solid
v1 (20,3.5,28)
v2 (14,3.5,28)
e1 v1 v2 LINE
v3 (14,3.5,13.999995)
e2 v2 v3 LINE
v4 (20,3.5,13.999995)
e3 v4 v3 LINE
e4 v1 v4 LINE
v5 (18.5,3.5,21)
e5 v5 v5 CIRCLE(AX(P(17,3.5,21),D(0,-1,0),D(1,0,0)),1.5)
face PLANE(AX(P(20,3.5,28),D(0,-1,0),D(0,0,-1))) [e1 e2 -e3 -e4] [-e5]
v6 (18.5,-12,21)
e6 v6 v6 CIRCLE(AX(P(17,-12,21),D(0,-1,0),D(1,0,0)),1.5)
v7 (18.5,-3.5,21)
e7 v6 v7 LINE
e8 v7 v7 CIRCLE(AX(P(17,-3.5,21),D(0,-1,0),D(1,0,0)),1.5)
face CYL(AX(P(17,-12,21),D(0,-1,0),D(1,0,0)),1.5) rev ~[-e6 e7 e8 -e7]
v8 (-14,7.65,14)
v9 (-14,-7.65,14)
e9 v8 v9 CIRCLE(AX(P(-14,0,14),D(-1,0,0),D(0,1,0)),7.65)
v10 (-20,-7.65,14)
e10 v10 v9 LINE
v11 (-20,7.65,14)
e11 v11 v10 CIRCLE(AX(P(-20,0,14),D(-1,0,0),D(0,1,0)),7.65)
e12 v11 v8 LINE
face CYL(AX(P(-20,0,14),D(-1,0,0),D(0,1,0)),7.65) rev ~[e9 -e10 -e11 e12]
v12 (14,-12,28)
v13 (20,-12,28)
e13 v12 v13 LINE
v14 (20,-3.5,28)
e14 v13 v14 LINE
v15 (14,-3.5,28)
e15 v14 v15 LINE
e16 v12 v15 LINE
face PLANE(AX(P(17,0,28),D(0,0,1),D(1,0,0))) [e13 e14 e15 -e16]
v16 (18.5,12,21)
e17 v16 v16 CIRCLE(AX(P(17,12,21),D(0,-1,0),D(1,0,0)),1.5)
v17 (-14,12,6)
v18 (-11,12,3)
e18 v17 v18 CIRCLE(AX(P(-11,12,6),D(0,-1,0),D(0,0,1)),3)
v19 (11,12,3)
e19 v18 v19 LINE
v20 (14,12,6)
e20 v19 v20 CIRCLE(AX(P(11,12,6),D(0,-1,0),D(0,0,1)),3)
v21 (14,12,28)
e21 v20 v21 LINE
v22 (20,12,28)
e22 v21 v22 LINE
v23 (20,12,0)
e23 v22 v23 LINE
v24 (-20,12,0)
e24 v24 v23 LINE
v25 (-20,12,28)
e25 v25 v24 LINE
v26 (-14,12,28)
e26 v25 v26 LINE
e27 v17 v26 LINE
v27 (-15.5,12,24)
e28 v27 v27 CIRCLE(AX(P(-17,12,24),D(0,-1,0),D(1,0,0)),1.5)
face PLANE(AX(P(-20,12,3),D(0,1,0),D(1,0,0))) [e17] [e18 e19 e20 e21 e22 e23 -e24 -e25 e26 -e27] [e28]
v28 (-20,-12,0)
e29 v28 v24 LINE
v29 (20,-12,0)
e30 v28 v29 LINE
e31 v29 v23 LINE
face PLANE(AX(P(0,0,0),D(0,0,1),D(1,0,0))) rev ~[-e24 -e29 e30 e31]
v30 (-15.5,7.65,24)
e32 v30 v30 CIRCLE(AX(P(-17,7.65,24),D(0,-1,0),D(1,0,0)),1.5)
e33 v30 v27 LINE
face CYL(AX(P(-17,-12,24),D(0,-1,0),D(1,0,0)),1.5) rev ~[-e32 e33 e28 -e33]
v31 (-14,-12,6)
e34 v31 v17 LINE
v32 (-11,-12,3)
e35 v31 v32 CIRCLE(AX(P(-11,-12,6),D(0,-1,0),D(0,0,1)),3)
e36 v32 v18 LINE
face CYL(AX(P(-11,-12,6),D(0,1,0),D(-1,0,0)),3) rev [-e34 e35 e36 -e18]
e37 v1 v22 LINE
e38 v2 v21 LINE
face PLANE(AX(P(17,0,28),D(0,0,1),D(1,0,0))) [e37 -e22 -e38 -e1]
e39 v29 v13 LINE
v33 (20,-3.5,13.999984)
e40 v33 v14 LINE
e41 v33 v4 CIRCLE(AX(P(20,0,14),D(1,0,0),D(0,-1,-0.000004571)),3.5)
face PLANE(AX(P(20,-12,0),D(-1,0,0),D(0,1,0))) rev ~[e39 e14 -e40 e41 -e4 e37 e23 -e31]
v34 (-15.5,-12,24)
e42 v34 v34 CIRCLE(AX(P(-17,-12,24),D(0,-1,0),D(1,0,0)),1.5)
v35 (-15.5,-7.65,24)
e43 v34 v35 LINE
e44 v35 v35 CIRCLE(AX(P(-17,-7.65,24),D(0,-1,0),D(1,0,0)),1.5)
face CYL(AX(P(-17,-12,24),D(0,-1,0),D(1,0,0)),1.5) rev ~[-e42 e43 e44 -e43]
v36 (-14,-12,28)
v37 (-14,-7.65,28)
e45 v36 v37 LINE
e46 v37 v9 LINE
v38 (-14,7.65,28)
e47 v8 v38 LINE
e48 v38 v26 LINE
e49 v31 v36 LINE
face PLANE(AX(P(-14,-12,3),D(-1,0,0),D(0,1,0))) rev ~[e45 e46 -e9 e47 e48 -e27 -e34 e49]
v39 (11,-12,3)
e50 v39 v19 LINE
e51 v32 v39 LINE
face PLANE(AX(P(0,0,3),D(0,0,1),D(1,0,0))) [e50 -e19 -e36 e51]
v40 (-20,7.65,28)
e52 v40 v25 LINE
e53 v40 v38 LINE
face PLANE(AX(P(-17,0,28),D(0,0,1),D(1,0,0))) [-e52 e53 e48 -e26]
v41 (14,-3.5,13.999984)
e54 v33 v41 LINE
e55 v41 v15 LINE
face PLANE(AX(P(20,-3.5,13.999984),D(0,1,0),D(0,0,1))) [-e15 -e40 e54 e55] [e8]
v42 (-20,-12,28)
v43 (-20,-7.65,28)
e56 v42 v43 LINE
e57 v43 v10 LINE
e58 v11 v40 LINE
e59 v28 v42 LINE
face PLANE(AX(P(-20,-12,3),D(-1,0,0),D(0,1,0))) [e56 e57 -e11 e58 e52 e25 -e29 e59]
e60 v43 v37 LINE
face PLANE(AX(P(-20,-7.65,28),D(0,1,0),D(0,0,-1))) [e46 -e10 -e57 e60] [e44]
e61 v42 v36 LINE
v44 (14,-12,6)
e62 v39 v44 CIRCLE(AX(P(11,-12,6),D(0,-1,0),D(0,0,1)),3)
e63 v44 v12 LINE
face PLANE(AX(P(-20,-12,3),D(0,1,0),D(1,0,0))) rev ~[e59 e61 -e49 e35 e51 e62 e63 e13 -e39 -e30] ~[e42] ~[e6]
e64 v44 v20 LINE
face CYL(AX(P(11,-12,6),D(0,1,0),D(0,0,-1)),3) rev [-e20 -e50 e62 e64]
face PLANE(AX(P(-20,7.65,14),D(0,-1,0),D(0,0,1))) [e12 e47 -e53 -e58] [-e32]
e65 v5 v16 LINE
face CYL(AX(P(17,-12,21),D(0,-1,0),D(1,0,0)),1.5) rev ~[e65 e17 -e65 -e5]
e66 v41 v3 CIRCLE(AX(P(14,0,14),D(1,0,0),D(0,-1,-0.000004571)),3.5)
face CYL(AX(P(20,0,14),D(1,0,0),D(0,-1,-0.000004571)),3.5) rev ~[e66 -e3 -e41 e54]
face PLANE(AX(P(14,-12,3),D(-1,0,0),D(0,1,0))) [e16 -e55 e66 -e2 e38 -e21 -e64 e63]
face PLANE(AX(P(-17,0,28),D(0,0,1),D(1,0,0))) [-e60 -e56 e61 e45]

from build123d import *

# Parameters (mm, degrees)
SKETCH_W        = 40
SKETCH_H        = 24
PAD_DEPTH       = 3
SKETCH001_W     = 6
SKETCH001_H     = 24
PAD001_DEPTH    = 25
POCKET_DEPTH    = 6
POCKET001_DEPTH = 6
SKETCH005_R     = 1.5
POCKET002_DEPTH = 24.001
FILLET_R        = 3


with BuildPart() as part:
    # Sketch → Pad (new body)
    with BuildSketch(Plane.XY):
        Rectangle(SKETCH_W, SKETCH_H)
    extrude(amount=PAD_DEPTH)

    # Sketch001 (on Face6 of Pad) → Pad001 (join)
    with BuildSketch(Plane.XY.offset(3)):
        with Locations((-17, 0)):
            Rectangle(SKETCH001_W, SKETCH001_H)
        with Locations((17, 0)):
            Rectangle(SKETCH001_W, SKETCH001_H)
    extrude(amount=PAD001_DEPTH)

    # Sketch002 (on Face9 of Pad001) → Pocket (cut)
    with BuildSketch(Plane.YZ.offset(20)):
        with BuildLine():
            Line((-3.5, 28), (3.5, 28))
            Line((3.5, 28), (3.5, 13.999995))
            ThreePointArc((-3.5, 13.999984), (5e-06, 10.5), (3.5, 13.999995))
            Line((-3.5, 13.999984), (-3.5, 28))
        make_face()
    extrude(amount=-POCKET_DEPTH, mode=Mode.SUBTRACT)

    # Sketch004 (on Face12 of Pocket) → Pocket001 (cut)
    with BuildSketch(Plane(origin=(-20, 0, 0), x_dir=(0, -1, 0), z_dir=(-1, 0, 0))):
        with BuildLine():
            Line((-7.65, 28), (7.65, 28))
            Line((7.65, 28), (7.65, 14))
            ThreePointArc((-7.65, 14), (0, 6.35), (7.65, 14))
            Line((-7.65, 14), (-7.65, 28))
        make_face()
    extrude(amount=-POCKET001_DEPTH, mode=Mode.SUBTRACT)

    # Sketch005 (on Face10 of Pocket001) → Pocket002 (cut, through all)
    with BuildSketch(Plane.XZ.offset(12)):
        with Locations((17, 21)):
            Circle(SKETCH005_R)
        with Locations((-17, 24)):
            Circle(SKETCH005_R)
    extrude(amount=-POCKET002_DEPTH, mode=Mode.SUBTRACT)

    # Fillet
    fillet_edges = [part.edges().sort_by_distance(p)[0] for p in [
        (-14, 0, 3),
        (14, 0, 3),
    ]]
    fillet(fillet_edges, radius=FILLET_R)


solid = part.part
